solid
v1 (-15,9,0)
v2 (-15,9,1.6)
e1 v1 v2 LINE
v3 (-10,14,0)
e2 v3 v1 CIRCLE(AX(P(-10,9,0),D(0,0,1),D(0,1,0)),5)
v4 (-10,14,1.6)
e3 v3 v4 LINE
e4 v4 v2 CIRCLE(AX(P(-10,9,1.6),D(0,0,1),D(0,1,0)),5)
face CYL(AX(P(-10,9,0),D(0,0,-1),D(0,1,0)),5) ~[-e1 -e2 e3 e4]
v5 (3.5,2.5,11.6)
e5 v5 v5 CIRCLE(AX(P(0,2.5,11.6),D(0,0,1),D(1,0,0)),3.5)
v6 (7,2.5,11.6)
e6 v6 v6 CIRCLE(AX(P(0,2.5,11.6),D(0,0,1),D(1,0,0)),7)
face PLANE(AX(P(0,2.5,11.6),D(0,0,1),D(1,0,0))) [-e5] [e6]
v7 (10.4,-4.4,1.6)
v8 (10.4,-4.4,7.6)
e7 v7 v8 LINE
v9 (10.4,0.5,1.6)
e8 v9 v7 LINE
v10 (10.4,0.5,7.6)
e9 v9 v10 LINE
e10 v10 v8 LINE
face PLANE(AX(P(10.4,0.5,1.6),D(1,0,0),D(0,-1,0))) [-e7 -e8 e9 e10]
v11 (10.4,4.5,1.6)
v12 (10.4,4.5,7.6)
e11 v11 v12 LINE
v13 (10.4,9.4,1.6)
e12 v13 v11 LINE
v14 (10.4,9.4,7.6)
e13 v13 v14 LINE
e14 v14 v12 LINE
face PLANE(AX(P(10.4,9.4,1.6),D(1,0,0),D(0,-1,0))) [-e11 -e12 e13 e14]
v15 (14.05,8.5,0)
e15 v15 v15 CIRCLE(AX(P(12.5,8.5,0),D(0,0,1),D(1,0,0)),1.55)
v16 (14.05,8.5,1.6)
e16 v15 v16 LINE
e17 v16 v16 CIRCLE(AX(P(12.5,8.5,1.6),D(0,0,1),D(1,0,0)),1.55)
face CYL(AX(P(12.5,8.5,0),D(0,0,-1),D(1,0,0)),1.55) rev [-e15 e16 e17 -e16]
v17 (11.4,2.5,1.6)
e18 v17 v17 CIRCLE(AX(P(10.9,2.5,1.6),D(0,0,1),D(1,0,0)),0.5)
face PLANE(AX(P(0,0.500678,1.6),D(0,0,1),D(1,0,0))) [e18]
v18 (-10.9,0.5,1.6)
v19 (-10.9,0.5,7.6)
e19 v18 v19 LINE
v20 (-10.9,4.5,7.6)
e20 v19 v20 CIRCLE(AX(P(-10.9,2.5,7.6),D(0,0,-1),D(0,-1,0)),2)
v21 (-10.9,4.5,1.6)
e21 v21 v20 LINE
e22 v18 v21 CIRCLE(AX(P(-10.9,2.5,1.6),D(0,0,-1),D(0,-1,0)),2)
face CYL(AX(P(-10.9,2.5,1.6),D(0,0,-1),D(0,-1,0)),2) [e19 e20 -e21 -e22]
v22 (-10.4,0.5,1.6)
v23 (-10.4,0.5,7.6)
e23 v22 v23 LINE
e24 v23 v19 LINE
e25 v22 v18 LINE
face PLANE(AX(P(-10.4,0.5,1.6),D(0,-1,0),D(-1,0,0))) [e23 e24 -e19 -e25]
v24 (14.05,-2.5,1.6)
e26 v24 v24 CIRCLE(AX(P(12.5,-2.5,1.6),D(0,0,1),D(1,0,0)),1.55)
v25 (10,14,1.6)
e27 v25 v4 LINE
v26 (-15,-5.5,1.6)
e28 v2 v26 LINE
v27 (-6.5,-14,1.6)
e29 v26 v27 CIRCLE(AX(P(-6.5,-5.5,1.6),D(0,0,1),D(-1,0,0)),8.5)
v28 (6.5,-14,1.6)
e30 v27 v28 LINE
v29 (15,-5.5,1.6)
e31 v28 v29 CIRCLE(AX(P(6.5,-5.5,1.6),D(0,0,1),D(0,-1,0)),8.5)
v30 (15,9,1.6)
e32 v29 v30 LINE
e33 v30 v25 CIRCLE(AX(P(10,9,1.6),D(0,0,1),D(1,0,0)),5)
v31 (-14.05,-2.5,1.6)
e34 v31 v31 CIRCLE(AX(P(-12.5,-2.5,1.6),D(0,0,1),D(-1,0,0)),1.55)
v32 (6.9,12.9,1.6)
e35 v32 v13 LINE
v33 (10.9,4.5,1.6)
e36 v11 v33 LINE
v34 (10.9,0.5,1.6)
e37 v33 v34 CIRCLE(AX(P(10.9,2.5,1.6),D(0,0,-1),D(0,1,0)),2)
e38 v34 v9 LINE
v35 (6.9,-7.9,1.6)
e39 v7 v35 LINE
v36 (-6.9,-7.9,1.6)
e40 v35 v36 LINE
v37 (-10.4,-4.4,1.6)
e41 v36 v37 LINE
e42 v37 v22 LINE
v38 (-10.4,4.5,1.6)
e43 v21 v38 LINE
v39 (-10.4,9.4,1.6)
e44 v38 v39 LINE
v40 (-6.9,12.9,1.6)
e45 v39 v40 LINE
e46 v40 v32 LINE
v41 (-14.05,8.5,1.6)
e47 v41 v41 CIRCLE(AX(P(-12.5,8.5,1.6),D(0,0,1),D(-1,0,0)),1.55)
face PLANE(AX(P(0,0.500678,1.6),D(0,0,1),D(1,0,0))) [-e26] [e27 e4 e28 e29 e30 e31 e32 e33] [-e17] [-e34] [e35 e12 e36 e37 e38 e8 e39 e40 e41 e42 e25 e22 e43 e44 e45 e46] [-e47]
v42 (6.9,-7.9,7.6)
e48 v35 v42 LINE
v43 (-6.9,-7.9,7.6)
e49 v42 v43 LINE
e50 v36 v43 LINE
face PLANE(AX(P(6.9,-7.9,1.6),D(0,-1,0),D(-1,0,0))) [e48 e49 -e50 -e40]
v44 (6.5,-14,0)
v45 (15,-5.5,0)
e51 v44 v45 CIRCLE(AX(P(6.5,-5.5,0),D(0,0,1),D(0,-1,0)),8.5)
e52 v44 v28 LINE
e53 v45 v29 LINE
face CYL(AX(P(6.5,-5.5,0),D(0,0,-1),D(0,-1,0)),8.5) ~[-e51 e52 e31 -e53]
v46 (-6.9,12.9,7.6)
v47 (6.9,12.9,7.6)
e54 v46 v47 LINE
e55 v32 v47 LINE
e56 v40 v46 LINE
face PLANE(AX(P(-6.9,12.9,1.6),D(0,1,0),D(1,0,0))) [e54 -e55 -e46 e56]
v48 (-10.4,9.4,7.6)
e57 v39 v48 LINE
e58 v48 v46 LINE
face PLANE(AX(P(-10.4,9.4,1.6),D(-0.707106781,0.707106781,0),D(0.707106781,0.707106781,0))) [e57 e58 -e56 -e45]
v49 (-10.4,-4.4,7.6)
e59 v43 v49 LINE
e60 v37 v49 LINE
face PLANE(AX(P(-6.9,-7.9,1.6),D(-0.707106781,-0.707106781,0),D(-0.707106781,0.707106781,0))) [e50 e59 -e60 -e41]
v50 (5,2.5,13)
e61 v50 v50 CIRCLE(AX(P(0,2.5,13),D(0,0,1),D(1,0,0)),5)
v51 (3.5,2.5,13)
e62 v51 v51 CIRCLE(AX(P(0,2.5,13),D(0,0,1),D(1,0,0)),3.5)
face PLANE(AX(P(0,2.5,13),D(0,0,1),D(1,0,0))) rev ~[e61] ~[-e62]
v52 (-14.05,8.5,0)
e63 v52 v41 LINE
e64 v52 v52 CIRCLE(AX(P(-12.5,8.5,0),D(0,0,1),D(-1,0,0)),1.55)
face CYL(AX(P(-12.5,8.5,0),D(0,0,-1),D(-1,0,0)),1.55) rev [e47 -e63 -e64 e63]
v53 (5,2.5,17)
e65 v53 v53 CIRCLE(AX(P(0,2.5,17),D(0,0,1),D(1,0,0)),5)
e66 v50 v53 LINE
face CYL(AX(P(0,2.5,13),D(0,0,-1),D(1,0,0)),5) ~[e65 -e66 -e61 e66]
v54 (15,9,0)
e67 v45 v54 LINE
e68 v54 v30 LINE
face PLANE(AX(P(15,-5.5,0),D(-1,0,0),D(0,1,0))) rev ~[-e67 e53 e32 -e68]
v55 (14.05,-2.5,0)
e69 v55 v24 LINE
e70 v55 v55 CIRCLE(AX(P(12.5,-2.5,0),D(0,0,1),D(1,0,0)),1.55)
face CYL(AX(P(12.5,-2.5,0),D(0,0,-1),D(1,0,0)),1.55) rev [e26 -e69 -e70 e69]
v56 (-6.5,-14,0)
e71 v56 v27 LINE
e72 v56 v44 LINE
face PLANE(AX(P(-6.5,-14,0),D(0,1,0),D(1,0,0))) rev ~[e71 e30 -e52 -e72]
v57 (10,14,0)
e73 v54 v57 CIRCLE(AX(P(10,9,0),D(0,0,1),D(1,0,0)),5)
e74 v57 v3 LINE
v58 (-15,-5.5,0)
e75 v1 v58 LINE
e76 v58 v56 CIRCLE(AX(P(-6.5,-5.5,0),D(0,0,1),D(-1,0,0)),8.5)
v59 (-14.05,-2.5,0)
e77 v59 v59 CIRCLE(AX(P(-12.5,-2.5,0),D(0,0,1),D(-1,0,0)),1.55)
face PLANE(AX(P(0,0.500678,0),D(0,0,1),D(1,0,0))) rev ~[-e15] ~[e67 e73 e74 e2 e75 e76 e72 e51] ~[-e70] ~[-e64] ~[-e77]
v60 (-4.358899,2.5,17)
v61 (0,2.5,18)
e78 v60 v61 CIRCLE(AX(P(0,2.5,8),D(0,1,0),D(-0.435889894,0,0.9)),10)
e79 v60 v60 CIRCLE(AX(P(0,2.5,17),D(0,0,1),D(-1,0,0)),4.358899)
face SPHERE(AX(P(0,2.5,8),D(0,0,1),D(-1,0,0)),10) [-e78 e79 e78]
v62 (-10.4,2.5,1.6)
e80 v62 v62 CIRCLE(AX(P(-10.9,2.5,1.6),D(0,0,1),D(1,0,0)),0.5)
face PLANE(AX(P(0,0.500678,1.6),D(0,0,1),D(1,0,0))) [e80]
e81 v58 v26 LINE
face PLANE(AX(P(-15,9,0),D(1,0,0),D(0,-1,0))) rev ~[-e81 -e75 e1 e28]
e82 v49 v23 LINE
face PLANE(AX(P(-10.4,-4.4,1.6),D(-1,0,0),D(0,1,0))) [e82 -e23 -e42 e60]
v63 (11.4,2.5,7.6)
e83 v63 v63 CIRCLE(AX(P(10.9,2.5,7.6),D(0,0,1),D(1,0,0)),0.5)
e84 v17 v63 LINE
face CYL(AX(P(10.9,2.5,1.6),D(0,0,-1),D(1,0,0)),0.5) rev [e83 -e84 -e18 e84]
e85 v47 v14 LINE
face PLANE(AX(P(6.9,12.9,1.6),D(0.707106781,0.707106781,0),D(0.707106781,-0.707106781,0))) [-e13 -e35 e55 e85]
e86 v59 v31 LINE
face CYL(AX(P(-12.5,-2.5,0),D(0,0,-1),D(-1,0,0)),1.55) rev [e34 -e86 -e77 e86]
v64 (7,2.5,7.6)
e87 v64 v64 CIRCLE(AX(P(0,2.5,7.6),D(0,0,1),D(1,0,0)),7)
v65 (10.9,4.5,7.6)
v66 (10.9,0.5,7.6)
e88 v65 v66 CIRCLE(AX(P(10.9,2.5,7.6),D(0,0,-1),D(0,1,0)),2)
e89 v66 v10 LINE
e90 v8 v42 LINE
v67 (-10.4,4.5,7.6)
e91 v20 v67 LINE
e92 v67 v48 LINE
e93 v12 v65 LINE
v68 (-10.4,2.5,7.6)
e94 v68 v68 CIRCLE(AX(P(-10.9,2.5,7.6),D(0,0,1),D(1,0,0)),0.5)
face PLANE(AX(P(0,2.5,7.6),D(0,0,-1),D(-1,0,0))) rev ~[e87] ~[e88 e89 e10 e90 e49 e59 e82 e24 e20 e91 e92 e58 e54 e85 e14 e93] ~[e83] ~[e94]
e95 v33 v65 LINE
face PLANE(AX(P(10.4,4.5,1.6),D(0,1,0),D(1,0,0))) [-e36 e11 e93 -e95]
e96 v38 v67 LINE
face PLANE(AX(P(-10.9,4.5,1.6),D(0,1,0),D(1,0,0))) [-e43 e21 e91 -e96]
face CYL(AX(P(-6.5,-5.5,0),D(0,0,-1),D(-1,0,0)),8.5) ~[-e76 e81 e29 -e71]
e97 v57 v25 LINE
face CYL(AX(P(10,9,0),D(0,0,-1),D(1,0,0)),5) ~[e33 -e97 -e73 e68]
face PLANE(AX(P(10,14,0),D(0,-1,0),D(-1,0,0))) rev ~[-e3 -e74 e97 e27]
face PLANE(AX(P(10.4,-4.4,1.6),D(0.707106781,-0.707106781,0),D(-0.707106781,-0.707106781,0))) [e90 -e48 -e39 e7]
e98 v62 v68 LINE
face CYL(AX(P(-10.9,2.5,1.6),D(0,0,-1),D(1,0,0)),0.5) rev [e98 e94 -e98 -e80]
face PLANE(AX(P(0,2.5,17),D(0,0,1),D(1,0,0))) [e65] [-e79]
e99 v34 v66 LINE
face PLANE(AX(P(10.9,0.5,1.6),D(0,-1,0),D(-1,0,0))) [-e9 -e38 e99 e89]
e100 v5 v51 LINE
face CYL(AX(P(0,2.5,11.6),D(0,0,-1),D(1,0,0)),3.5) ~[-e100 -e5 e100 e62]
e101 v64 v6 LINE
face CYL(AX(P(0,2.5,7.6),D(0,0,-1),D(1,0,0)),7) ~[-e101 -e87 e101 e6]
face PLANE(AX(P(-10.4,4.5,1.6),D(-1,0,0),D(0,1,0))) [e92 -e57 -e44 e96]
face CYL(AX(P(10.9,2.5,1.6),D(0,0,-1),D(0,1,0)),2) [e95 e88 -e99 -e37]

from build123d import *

# Parameters (mm, degrees)
SKETCH_3_R      = 1.55
EXTRUDE_1_DEPTH = 1.6
SKETCH_4_R      = 0.5
EXTRUDE_2_DEPTH = 6
SKETCH_5_R      = 7
EXTRUDE_3_DEPTH = 4
SKETCH_6_R      = 3.5
EXTRUDE_4_DEPTH = 1.4
SKETCH_7_R      = 5
EXTRUDE_5_DEPTH = 4


with BuildPart() as part:
    # 草图3 → 凸台-拉伸1 (new body)
    with BuildSketch(Plane.XY):
        with BuildLine():
            Line((-6.5, -14), (6.5, -14))
            ThreePointArc((6.5, -14), (12.51040764, -11.51040764), (15, -5.5))
            Line((15, -5.5), (15, 9))
            ThreePointArc((15, 9), (13.535533906, 12.535533906), (10, 14))
            Line((10, 14), (-10, 14))
            ThreePointArc((-10, 14), (-13.535533906, 12.535533906), (-15, 9))
            Line((-15, 9), (-15, -5.5))
            ThreePointArc((-15, -5.5), (-12.51040764, -11.51040764), (-6.5, -14))
        make_face()
        with Locations((12.5, 8.5)):
            Circle(SKETCH_3_R, mode=Mode.SUBTRACT)
        with Locations((12.5, -2.5)):
            Circle(SKETCH_3_R, mode=Mode.SUBTRACT)
        with Locations(Location((-12.5, -2.5, 0), (0, 0, 180))):
            Circle(SKETCH_3_R, mode=Mode.SUBTRACT)
        with Locations(Location((-12.5, 8.5, 0), (0, 0, 180))):
            Circle(SKETCH_3_R, mode=Mode.SUBTRACT)
    extrude(amount=EXTRUDE_1_DEPTH)

    # 草图4 → 凸台-拉伸2 (add)
    with BuildSketch(Plane.XY.offset(1.6)):
        with BuildLine():
            Line((-10.4, 9.4), (-6.9, 12.9))
            Line((-6.9, 12.9), (6.9, 12.9))
            Line((6.9, 12.9), (10.4, 9.4))
            Line((10.4, 9.4), (10.4, 4.5))
            Line((10.4, 4.5), (10.9, 4.5))
            ThreePointArc((10.9, 4.5), (12.9, 2.5), (10.9, 0.5))
            Line((10.9, 0.5), (10.4, 0.5))
            Line((10.4, 0.5), (10.4, -4.4))
            Line((10.4, -4.4), (6.9, -7.9))
            Line((6.9, -7.9), (-6.9, -7.9))
            Line((-6.9, -7.9), (-10.4, -4.4))
            Line((-10.4, -4.4), (-10.4, 0.5))
            Line((-10.4, 0.5), (-10.9, 0.5))
            ThreePointArc((-10.9, 0.5), (-12.9, 2.5), (-10.9, 4.5))
            Line((-10.9, 4.5), (-10.4, 4.5))
            Line((-10.4, 4.5), (-10.4, 9.4))
        make_face()
        with Locations((10.9, 2.5)):
            Circle(SKETCH_4_R, mode=Mode.SUBTRACT)
        with Locations((-10.9, 2.5)):
            Circle(SKETCH_4_R, mode=Mode.SUBTRACT)
    extrude(amount=EXTRUDE_2_DEPTH)

    # 草图5 → 凸台-拉伸3 (add)
    with BuildSketch(Plane.XY.offset(7.6)):
        with Locations((0, 2.5)):
            Circle(SKETCH_5_R)
    extrude(amount=EXTRUDE_3_DEPTH)

    # 草图6 → 凸台-拉伸4 (add)
    with BuildSketch(Plane.XY.offset(11.6)):
        with Locations((0, 2.5)):
            Circle(SKETCH_6_R)
    extrude(amount=EXTRUDE_4_DEPTH)

    # 草图7 → 凸台-拉伸5 (add)
    with BuildSketch(Plane.XY.offset(13)):
        with Locations((0, 2.5)):
            Circle(SKETCH_7_R)
    extrude(amount=EXTRUDE_5_DEPTH)

    # 草图8 → 旋转1 (revolve)
    with BuildSketch(Plane(origin=(0, 2.5, 0), x_dir=(1, 0, 0), z_dir=(0, 1, 0))):
        with BuildLine():
            Line((0, -17), (-4.358898944, -17))
            ThreePointArc((-4.358898944, -17), (-2.236067977, -17.746794345), (0, -18))
            Line((0, -18), (0, -17))
        make_face()
    revolve(axis=Axis((0, 2.5, 17), (0, 0, 1)))


solid = part.part
